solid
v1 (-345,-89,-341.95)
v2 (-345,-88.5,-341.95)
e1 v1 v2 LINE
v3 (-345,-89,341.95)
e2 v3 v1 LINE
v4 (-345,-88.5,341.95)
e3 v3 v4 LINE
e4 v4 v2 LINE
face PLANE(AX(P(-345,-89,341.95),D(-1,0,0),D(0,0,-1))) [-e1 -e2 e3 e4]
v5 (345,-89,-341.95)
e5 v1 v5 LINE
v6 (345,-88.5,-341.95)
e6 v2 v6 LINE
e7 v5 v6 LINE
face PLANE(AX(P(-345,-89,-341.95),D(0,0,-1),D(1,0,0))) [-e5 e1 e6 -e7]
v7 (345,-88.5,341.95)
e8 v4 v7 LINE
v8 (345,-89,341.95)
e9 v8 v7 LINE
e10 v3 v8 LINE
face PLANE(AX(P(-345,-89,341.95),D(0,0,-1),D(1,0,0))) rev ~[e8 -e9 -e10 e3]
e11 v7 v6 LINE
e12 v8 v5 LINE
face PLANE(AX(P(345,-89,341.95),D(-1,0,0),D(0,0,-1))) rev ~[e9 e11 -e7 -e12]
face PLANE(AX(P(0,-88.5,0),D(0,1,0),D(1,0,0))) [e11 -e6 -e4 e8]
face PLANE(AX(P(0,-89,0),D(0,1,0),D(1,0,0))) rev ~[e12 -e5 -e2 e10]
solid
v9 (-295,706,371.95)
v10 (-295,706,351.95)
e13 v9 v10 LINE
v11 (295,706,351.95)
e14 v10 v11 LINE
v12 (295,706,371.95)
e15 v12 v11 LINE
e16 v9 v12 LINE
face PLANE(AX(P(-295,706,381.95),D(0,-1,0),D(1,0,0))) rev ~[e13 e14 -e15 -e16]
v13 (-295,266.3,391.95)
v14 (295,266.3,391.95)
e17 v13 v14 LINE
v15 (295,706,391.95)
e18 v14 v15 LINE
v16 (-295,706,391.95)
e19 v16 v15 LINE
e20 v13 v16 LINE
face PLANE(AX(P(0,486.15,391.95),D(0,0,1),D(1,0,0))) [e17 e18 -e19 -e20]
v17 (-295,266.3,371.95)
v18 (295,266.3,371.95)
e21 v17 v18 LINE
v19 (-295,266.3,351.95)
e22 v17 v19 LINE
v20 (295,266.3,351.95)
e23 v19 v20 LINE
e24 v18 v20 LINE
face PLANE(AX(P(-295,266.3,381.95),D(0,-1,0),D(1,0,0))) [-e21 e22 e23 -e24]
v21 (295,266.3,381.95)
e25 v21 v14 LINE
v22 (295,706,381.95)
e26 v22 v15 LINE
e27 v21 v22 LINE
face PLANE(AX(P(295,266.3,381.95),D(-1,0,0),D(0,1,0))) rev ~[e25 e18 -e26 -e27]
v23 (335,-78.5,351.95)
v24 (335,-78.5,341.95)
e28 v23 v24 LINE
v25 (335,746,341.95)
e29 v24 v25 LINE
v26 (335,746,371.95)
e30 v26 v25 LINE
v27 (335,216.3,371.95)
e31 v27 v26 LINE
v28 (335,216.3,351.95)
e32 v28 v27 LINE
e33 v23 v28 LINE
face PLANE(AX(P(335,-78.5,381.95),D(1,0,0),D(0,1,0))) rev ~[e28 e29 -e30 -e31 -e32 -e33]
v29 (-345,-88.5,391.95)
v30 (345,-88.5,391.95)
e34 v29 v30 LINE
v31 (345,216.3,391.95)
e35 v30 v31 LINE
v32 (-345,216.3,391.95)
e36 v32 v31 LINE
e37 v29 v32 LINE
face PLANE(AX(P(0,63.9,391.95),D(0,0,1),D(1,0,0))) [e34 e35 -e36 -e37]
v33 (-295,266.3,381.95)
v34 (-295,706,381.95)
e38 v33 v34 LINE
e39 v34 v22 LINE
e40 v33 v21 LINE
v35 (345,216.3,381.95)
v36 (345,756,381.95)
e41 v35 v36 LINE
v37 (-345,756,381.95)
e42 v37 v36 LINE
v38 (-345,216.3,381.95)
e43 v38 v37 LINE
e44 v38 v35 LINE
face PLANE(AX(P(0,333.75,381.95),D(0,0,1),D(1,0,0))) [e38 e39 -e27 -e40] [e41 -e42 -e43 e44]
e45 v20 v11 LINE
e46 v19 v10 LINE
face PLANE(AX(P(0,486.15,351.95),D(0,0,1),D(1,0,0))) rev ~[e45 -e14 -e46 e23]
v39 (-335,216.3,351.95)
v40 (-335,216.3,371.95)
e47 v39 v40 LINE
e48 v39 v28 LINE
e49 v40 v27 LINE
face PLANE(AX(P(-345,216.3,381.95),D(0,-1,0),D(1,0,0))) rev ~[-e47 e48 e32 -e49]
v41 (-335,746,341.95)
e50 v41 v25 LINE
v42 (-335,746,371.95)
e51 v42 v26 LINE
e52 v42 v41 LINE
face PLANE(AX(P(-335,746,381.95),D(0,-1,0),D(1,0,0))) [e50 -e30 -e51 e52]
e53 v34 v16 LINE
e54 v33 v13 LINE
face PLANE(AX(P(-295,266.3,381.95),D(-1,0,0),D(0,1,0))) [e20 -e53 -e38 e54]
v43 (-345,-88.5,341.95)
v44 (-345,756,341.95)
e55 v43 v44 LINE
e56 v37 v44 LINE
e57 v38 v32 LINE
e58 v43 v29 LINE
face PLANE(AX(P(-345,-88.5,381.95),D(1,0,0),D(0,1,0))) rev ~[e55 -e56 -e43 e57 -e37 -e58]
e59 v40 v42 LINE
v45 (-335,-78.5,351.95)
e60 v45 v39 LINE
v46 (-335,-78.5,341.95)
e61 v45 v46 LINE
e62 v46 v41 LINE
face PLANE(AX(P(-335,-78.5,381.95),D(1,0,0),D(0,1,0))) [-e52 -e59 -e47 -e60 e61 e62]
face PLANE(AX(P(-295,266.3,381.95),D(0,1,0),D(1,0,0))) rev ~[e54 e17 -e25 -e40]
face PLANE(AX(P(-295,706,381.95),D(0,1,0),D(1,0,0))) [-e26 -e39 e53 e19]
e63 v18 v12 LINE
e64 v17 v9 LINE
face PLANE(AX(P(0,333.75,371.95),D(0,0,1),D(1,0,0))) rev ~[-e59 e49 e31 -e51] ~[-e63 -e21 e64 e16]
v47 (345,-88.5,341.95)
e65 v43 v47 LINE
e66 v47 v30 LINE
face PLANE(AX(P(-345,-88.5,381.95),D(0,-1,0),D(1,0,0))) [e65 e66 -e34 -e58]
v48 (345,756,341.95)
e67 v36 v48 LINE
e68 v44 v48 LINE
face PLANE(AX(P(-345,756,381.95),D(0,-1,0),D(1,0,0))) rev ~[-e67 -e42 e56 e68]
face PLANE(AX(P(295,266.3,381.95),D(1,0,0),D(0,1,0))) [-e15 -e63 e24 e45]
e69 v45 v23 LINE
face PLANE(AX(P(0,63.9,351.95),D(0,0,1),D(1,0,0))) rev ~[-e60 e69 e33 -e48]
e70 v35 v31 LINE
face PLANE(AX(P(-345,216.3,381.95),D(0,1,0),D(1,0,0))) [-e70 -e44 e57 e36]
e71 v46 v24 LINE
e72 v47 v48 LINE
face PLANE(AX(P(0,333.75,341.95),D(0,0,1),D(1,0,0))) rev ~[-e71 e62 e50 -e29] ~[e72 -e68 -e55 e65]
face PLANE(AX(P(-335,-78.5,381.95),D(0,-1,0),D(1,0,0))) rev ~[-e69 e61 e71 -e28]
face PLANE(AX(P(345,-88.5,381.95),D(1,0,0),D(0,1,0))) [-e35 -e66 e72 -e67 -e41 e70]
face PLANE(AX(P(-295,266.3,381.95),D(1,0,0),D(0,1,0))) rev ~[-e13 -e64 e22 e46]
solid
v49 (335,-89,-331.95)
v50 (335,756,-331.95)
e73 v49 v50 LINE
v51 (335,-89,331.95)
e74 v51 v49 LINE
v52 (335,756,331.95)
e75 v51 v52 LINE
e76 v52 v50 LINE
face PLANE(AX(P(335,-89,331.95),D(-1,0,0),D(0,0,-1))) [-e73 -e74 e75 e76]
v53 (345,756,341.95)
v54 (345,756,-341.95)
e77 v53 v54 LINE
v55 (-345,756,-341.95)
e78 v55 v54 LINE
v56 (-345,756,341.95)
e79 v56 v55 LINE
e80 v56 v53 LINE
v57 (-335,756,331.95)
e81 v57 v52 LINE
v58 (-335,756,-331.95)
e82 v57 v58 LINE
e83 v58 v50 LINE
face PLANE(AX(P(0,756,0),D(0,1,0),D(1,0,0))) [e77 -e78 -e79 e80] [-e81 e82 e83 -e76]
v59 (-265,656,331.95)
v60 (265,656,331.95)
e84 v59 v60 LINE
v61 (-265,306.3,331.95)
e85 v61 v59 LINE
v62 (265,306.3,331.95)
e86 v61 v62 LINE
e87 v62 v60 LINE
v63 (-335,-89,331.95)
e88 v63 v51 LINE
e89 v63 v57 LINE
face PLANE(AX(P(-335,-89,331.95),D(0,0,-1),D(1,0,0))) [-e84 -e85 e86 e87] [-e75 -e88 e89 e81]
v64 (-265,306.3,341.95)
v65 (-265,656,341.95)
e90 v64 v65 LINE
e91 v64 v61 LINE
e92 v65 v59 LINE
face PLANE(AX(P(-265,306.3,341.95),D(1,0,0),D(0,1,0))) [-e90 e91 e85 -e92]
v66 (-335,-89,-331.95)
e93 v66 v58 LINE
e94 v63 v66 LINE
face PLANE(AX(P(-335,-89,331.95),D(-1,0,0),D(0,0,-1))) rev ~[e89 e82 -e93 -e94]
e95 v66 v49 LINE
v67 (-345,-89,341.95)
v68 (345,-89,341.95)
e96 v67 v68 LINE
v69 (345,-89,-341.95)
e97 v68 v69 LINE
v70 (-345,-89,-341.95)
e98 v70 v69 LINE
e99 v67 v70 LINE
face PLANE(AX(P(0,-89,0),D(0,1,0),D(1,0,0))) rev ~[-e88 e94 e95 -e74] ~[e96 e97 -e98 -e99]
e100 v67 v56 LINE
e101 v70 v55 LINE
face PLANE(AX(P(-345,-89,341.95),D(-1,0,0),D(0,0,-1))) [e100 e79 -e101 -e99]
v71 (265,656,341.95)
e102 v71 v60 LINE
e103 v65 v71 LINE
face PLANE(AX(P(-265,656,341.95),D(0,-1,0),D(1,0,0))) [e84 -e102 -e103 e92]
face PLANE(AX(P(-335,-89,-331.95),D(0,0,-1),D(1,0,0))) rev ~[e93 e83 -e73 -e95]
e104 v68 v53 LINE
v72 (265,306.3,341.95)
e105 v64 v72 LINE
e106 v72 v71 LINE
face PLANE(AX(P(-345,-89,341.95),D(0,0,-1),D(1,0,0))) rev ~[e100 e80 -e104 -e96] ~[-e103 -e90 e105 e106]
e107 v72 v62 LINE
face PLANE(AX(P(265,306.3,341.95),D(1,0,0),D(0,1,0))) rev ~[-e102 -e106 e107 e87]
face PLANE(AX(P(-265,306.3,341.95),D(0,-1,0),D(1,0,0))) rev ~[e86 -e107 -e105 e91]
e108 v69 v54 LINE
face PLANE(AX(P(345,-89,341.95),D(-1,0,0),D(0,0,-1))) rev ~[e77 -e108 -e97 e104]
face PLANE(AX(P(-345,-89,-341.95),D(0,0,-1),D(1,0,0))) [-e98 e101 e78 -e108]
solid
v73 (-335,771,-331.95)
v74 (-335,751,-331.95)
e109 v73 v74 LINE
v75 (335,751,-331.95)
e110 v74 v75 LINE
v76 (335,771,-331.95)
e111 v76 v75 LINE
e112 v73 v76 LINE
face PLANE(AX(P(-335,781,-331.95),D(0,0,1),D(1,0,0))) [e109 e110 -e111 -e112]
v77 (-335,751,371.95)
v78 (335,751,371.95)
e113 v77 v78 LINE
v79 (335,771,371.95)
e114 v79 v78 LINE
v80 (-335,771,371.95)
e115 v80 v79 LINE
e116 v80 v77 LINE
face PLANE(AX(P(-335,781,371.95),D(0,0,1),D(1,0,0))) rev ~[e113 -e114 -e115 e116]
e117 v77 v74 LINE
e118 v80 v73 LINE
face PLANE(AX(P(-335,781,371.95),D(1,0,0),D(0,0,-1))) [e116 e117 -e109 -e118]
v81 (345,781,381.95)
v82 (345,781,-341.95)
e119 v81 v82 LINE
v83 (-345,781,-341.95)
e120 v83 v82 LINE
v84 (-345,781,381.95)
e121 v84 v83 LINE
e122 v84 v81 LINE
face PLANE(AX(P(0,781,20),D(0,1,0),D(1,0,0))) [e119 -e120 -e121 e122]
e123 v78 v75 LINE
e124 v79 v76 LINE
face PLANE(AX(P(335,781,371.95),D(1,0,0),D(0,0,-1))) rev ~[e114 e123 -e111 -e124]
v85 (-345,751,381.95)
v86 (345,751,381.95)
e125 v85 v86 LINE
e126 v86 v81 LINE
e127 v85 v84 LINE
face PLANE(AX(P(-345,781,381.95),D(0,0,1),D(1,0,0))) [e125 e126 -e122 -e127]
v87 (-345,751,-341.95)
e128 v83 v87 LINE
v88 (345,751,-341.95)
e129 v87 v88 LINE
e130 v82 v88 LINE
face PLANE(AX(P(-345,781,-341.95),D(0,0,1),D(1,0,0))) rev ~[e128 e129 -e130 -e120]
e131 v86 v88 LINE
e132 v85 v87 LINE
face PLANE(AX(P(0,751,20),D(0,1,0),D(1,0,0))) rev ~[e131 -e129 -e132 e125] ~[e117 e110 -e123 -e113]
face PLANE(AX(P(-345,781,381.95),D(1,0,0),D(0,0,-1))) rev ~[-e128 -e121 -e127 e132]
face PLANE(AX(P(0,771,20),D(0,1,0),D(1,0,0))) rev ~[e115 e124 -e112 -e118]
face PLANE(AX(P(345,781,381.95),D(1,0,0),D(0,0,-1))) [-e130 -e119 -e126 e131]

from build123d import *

# Parameters (mm, degrees)
SKETCH2_W                = 690
SKETCH2_H                = 683.9
BOSS_EXTRUDE1_DEPTH      = 0.5
SKETCH4_W                = 690
SKETCH4_H                = 683.9
SKETCH4_W_2              = 670
SKETCH4_H_2              = 663.9
BOSS_EXTRUDE3_DEPTH      = 845
SKETCH12_W               = 690
SKETCH12_H               = 723.9
BOSS_EXTRUDE4_DEPTH      = 10
SKETCH13_W               = 690
SKETCH13_H               = 723.9
SKETCH13_W_2             = 670
SKETCH13_H_2             = 703.9
BOSS_EXTRUDE5_DEPTH      = 30
SKETCH11_W               = 530
SKETCH11_H               = 349.7
CUT_EXTRUDE1_DEPTH       = 10
SKETCH15_W               = 690
SKETCH15_H               = 844.5
BOSS_EXTRUDE6_DEPTH      = 10
SKETCH14_W               = 690
SKETCH14_H               = 304.8
SKETCH14_W_2             = 590
SKETCH14_H_2             = 439.7
BOSS_EXTRUDE7_DEPTH      = 10
BOSS_EXTRUDE7_DEPTH_BACK = 30
SKETCH17_W               = 690
SKETCH17_H               = 844.5
SKETCH17_W_2             = 670
SKETCH17_H_2             = 824.5
BOSS_EXTRUDE8_DEPTH      = 40


with BuildPart() as part:
    # Sketch2 → Boss-Extrude1 (new body)
    with BuildSketch(Plane(origin=(0, -89, 0), x_dir=(1, 0, 0), z_dir=(0, 1, 0))):
        Rectangle(SKETCH2_W, SKETCH2_H)
    extrude(amount=BOSS_EXTRUDE1_DEPTH)


with BuildPart() as body_2:
    # Sketch4 → Boss-Extrude3 (new body)
    with BuildSketch(Plane(origin=(0, -89, 0), x_dir=(1, 0, 0), z_dir=(0, 1, 0))):
        Rectangle(SKETCH4_W, SKETCH4_H)
        Rectangle(SKETCH4_W_2, SKETCH4_H_2, mode=Mode.SUBTRACT)
    extrude(amount=BOSS_EXTRUDE3_DEPTH)

    # Sketch11 → Cut-Extrude1 (cut)
    with BuildSketch(Plane.XY.offset(341.95)):
        with Locations((0, 481.15)):
            Rectangle(SKETCH11_W, SKETCH11_H)
    extrude(amount=-CUT_EXTRUDE1_DEPTH, mode=Mode.SUBTRACT)


with BuildPart() as body_3:
    # Sketch12 → Boss-Extrude4 (new body)
    with BuildSketch(Plane(origin=(0, 781, 0), x_dir=(1, 0, 0), z_dir=(0, 1, 0))):
        with Locations((0, -20)):
            Rectangle(SKETCH12_W, SKETCH12_H)
    extrude(amount=-BOSS_EXTRUDE4_DEPTH)

    # Sketch13 → Boss-Extrude5 (add)
    with BuildSketch(Plane(origin=(0, 781, 0), x_dir=(1, 0, 0), z_dir=(0, 1, 0))):
        with Locations((0, -20)):
            Rectangle(SKETCH13_W, SKETCH13_H)
        with Locations((0, -20)):
            Rectangle(SKETCH13_W_2, SKETCH13_H_2, mode=Mode.SUBTRACT)
    extrude(amount=-BOSS_EXTRUDE5_DEPTH)


with BuildPart() as body_4:
    # Sketch15 → Boss-Extrude6 (new body)
    with BuildSketch(Plane.XY.offset(381.95)):
        with Locations((0, 333.75)):
            Rectangle(SKETCH15_W, SKETCH15_H)
    extrude(amount=-BOSS_EXTRUDE6_DEPTH)

    # Sketch14 → Boss-Extrude7 (add, two sides)
    with BuildSketch(Plane.XY.offset(381.95)) as boss_extrude7_sk:
        with Locations((0, 63.9)):
            Rectangle(SKETCH14_W, SKETCH14_H)
        with Locations((0, 486.15)):
            Rectangle(SKETCH14_W_2, SKETCH14_H_2)
    extrude(amount=BOSS_EXTRUDE7_DEPTH)
    extrude(boss_extrude7_sk.sketch, amount=-BOSS_EXTRUDE7_DEPTH_BACK)

    # Sketch17 → Boss-Extrude8 (add)
    with BuildSketch(Plane.XY.offset(381.95)):
        with Locations((0, 333.75)):
            Rectangle(SKETCH17_W, SKETCH17_H)
        with Locations((0, 333.75)):
            Rectangle(SKETCH17_W_2, SKETCH17_H_2, mode=Mode.SUBTRACT)
    extrude(amount=-BOSS_EXTRUDE8_DEPTH)


solid = Compound([part.part, body_2.part, body_3.part, body_4.part])
